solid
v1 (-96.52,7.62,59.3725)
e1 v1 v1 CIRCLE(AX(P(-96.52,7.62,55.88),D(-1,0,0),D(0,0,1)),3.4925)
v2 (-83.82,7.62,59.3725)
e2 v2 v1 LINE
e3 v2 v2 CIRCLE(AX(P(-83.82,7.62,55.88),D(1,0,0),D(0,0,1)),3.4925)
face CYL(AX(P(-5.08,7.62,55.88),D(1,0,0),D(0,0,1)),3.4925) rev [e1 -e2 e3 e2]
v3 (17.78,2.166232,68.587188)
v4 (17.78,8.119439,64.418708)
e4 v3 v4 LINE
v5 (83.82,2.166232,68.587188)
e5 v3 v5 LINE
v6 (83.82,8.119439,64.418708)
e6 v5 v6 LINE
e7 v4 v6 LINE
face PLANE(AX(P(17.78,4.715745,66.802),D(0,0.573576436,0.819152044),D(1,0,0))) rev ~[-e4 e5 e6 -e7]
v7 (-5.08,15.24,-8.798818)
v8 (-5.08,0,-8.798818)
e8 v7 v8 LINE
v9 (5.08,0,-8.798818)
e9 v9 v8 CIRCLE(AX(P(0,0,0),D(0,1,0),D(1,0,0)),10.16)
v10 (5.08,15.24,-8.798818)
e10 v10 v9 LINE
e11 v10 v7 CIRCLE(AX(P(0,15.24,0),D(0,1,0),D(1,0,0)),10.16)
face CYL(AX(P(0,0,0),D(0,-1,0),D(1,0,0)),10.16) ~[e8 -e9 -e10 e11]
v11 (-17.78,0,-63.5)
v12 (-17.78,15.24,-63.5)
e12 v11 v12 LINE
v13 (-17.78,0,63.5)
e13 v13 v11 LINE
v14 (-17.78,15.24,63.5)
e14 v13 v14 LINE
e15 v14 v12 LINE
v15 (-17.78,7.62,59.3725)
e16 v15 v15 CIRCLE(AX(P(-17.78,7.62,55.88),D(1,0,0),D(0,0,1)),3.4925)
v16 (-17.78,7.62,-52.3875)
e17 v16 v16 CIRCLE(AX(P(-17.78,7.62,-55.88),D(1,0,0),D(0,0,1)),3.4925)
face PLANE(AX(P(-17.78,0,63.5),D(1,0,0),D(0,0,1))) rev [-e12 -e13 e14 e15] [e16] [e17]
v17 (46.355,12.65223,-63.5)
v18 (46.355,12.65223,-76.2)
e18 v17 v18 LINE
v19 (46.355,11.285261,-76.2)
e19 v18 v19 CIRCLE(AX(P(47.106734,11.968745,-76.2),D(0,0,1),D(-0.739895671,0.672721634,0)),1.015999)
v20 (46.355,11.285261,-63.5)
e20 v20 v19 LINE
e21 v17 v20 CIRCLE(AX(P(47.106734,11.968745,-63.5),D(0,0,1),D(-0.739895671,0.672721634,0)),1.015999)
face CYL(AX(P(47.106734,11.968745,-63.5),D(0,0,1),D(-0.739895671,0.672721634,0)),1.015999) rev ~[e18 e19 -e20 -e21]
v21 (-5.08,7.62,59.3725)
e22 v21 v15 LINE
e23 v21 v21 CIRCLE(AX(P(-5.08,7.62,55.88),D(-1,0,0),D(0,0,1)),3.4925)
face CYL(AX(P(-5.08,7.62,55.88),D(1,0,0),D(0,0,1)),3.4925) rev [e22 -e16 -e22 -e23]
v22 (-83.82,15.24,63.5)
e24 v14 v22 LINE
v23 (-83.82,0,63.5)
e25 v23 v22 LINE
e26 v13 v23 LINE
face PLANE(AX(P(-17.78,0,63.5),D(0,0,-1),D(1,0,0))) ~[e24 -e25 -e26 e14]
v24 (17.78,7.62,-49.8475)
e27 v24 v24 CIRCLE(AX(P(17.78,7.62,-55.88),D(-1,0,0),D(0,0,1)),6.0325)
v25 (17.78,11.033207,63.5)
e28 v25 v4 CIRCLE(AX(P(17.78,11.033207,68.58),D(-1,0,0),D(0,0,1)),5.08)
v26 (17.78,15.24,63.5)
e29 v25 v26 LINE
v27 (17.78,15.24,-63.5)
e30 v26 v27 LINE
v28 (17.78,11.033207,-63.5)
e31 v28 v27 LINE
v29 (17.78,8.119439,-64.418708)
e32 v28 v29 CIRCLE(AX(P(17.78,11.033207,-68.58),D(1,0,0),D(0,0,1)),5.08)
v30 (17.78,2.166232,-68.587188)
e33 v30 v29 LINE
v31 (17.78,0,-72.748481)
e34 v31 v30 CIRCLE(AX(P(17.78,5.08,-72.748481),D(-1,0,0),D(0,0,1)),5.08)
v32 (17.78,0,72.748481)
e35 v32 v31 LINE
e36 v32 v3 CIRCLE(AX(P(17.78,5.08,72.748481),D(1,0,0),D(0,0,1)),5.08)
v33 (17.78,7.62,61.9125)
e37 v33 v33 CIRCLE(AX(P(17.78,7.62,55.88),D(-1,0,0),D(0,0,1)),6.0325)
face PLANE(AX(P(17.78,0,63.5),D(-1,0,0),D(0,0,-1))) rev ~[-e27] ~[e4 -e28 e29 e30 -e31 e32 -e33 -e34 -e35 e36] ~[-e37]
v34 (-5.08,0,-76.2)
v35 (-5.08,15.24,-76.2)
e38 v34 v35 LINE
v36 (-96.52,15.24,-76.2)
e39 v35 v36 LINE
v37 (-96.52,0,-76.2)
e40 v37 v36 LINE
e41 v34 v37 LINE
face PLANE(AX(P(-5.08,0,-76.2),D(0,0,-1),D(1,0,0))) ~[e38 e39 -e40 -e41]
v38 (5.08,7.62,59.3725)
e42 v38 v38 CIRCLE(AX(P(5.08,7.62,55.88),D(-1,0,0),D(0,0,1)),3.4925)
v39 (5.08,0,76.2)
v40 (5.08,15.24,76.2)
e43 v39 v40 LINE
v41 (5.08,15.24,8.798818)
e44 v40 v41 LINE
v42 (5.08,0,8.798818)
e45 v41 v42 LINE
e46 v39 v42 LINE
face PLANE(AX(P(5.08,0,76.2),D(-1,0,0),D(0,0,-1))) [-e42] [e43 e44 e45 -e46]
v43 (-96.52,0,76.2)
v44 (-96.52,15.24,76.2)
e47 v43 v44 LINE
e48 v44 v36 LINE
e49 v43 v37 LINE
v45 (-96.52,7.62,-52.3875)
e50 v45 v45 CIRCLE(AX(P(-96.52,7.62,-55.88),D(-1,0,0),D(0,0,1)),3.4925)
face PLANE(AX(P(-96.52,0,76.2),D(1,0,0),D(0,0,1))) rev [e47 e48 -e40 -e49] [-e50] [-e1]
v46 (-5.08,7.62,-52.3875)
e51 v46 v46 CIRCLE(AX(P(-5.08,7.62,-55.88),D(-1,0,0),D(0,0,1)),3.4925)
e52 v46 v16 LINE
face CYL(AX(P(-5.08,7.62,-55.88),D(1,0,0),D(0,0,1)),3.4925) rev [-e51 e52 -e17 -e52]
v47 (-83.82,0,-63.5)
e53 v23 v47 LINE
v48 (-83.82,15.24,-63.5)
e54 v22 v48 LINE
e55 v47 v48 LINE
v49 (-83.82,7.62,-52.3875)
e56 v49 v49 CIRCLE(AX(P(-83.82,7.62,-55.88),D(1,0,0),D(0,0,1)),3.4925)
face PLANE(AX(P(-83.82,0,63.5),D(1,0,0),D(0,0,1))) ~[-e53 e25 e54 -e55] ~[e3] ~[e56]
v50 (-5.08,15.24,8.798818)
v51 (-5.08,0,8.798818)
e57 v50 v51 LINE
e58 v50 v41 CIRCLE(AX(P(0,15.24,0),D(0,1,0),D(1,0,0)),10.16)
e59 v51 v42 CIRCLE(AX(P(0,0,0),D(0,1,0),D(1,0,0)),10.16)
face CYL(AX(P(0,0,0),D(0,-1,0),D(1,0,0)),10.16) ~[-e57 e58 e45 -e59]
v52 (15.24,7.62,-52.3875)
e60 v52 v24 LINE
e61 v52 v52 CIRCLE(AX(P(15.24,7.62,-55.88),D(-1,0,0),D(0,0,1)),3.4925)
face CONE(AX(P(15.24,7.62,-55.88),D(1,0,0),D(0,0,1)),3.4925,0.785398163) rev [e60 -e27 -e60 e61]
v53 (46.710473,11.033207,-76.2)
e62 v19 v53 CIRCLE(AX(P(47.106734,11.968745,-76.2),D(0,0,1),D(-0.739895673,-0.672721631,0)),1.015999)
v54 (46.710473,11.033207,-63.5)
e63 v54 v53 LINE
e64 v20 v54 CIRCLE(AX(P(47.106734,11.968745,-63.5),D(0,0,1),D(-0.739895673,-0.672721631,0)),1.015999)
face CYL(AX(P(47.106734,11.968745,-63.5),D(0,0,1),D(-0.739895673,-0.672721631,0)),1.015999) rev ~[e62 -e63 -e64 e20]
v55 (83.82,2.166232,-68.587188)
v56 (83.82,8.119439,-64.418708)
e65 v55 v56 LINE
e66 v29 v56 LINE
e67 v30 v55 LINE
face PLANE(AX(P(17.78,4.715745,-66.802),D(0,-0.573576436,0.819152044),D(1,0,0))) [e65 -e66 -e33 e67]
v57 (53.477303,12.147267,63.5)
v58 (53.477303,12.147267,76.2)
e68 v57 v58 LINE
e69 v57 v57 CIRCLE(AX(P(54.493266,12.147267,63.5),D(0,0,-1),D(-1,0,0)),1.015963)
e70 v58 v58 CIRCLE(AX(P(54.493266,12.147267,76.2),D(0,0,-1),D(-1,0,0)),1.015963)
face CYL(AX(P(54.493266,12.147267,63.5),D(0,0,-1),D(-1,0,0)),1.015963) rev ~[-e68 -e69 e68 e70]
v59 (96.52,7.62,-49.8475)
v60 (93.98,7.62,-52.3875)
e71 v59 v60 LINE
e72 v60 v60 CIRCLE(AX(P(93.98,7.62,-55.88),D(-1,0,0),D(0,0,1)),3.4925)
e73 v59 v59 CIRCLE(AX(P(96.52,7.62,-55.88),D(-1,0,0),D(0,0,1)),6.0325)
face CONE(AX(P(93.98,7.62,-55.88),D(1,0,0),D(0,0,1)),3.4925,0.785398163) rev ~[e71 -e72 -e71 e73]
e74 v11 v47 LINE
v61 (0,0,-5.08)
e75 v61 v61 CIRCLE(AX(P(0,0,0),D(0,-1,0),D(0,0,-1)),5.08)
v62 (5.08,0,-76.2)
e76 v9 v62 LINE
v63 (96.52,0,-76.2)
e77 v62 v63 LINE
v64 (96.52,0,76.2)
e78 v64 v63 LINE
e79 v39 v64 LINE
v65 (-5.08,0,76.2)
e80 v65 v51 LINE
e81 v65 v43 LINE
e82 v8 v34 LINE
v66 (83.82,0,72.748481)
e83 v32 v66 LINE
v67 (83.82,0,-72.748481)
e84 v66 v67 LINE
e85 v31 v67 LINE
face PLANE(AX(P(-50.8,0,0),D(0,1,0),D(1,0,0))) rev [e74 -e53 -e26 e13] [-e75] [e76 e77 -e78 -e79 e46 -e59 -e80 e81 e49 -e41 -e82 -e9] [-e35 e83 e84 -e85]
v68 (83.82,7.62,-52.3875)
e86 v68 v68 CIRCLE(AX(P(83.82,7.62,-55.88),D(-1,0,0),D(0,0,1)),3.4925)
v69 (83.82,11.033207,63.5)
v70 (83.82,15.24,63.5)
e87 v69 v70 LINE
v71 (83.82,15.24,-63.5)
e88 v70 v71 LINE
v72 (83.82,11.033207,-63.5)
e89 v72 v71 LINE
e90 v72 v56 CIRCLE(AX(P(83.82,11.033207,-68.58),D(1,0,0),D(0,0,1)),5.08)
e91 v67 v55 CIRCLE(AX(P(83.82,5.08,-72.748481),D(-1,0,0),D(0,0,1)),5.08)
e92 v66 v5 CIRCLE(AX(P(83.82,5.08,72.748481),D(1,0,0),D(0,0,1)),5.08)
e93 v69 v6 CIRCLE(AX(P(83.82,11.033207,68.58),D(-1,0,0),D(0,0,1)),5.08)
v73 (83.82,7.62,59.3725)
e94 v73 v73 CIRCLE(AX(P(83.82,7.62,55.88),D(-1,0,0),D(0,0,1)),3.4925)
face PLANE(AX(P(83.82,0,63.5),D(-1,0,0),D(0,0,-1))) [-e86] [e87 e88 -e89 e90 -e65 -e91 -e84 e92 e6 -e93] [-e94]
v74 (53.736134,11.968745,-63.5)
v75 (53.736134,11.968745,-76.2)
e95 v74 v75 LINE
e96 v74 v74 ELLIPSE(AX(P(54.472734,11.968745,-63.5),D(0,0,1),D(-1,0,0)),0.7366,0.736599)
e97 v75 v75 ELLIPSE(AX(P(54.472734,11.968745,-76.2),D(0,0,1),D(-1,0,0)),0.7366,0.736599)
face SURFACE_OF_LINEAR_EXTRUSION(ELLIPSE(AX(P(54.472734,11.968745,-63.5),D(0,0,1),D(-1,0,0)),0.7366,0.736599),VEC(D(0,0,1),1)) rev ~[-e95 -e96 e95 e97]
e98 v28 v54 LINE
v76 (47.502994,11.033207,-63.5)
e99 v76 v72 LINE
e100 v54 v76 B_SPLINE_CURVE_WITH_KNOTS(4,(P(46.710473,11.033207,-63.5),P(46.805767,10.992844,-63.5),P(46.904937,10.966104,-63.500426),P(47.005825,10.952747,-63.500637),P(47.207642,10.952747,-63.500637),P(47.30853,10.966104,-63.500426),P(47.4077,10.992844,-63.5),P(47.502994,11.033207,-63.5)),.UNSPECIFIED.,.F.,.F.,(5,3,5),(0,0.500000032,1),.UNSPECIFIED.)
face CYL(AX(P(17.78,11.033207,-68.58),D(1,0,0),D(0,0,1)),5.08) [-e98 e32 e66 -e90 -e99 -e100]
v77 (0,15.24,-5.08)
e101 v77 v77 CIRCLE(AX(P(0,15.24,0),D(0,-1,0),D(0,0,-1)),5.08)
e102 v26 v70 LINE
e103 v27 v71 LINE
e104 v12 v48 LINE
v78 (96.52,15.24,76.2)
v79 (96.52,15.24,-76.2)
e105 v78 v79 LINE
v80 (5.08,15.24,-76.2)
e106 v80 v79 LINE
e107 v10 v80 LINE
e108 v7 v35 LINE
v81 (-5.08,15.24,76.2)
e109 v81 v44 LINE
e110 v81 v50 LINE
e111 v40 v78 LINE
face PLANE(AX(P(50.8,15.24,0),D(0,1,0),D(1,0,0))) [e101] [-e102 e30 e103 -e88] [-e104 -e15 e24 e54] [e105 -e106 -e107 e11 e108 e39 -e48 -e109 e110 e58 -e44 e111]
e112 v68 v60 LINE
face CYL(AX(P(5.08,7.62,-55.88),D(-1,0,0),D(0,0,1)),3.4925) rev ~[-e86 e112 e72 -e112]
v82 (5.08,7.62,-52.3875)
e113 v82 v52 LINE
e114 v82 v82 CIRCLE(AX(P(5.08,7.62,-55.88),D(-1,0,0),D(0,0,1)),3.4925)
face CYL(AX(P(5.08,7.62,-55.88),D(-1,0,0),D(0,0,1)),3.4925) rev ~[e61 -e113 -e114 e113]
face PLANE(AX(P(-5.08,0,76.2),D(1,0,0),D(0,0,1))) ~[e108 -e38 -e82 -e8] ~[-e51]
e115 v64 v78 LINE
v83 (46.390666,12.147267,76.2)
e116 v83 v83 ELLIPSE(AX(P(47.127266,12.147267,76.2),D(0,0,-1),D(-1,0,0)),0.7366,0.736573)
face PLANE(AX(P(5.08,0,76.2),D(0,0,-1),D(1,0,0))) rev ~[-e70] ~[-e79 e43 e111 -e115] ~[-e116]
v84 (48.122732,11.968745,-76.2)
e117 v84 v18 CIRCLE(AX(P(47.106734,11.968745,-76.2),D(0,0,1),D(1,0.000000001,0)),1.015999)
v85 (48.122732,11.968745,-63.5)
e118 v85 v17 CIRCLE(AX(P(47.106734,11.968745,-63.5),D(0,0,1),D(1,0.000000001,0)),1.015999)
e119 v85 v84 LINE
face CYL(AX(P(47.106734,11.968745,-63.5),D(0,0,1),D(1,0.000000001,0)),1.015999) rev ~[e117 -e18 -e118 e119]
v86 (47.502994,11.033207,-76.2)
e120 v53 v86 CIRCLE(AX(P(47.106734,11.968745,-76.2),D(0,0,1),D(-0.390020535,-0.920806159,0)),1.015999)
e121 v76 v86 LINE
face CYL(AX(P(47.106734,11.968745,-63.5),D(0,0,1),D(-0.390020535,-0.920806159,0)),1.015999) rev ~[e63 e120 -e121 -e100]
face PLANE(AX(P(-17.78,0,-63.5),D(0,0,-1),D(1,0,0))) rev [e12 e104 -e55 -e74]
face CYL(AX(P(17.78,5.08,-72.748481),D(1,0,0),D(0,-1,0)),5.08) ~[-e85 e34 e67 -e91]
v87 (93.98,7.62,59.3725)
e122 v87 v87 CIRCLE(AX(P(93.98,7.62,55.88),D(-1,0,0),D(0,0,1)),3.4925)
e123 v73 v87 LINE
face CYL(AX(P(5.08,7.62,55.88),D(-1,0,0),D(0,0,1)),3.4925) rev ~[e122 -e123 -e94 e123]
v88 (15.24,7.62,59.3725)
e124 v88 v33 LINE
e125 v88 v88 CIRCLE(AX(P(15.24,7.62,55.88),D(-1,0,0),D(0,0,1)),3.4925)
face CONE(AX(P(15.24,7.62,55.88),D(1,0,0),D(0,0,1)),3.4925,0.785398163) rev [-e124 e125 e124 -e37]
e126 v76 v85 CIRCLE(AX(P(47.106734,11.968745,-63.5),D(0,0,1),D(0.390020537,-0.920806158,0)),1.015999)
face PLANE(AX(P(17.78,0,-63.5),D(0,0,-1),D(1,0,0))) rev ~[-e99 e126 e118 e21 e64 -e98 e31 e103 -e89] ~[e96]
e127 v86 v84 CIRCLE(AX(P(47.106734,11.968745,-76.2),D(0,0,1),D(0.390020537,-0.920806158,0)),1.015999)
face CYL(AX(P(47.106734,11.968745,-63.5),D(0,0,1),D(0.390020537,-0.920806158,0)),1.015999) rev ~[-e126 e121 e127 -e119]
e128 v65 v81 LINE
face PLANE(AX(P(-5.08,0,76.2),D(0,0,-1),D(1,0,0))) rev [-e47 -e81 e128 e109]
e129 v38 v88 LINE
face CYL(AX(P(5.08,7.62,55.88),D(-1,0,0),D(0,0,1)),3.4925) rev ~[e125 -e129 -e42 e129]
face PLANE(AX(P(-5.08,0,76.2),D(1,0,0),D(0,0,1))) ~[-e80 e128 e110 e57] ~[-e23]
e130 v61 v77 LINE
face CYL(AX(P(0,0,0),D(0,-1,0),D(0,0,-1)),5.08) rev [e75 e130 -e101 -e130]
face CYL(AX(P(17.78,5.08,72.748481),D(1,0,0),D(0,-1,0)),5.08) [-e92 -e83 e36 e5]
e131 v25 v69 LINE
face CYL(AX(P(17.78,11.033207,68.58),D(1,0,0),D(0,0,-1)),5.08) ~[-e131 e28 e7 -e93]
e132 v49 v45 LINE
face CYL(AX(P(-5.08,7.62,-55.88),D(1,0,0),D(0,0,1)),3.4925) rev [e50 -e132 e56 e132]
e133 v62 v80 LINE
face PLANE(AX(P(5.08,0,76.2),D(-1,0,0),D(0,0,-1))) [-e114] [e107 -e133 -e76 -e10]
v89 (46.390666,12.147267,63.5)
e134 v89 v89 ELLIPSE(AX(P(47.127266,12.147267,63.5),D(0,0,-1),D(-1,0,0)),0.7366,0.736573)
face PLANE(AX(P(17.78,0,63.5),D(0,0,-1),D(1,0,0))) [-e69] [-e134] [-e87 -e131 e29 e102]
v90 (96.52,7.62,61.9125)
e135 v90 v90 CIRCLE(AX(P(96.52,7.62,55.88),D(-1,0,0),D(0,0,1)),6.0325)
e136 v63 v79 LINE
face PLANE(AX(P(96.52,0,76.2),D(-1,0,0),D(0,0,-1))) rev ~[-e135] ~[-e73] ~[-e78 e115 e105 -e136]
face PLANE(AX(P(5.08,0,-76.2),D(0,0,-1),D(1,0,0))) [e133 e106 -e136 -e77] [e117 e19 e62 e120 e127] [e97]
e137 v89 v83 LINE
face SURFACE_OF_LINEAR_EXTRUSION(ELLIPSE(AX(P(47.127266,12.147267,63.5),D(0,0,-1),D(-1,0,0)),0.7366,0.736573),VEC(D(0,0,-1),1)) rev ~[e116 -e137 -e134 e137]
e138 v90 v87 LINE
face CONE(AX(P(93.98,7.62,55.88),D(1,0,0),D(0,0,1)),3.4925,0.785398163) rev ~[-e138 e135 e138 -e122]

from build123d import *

# Parameters (mm, degrees)
SKETCH3_R           = 10.16
SKETCH3_R_2         = 5.08
SKETCH3_W           = 91.44
SKETCH3_H           = 152.4
SKETCH3_W_2         = 66.04
SKETCH3_H_2         = 127
BOSS_EXTRUDE1_DEPTH = 15.24
CUT_EXTRUDE1_REACH  = 122
SKETCH4_R           = 3.4925
CHAMFER1_SIZE       = 6.604
CHAMFER1_SIZE2      = 9.431489437
CHAMFER2_SIZE       = 2.54
FILLET1_R           = 5.08
SKETCH5_RX          = 0.7366
SKETCH5_RY          = 0.736599138
CUT_EXTRUDE2_DEPTH  = 12.7
SKETCH6_R           = 1.015962928
SKETCH6_RX          = 0.7366
SKETCH6_RY          = 0.736573123
CUT_EXTRUDE3_DEPTH  = 12.7


with BuildPart() as part:
    # Sketch3 → Boss-Extrude1 (new body)
    # profile 1 of 2: a face of its own
    with BuildSketch(Plane(origin=(0, 0, 0), x_dir=(1, 0, 0), z_dir=(0, 1, 0))):
        Circle(SKETCH3_R)
        with Locations(Location((0, 0, 0), (0, 0, 90))):
            Circle(SKETCH3_R_2, mode=Mode.SUBTRACT)
    # profile 2 of 2: a face of its own
    with BuildSketch(Plane(origin=(0, 0, 0), x_dir=(1, 0, 0), z_dir=(0, 1, 0))):
        with Locations((50.8, 0)):
            Rectangle(SKETCH3_W, SKETCH3_H)
        with Locations((50.8, 0)):
            Rectangle(SKETCH3_W_2, SKETCH3_H_2, mode=Mode.SUBTRACT)
    boss_extrude1 = extrude(amount=BOSS_EXTRUDE1_DEPTH)

    # Cut-Extrude1: up to this face of the body (flat: up to its plane)
    cut_extrude1_end = Plane(part.part.faces().sort_by_distance((96.52, 7.62, 0))[0])
    # Sketch4 → Cut-Extrude1 (cut, up to the picked face)
    with BuildSketch(Plane.ZY.offset(-5.08), mode=Mode.PRIVATE) as cut_extrude1_sk1:
        with Locations((-55.88, 7.62)):
            Circle(SKETCH4_R)
    cut_extrude1_tool1 = split(extrude(cut_extrude1_sk1.sketch, amount=-CUT_EXTRUDE1_REACH, mode=Mode.PRIVATE), bisect_by=cut_extrude1_end, keep=Keep.BOTH, mode=Mode.PRIVATE)
    # Sketch4 → Cut-Extrude1 (cut, up to the picked face)
    with BuildSketch(Plane.ZY.offset(-5.08), mode=Mode.PRIVATE) as cut_extrude1_sk2:
        with Locations((55.88, 7.62)):
            Circle(SKETCH4_R)
    cut_extrude1_tool2 = split(extrude(cut_extrude1_sk2.sketch, amount=-CUT_EXTRUDE1_REACH, mode=Mode.PRIVATE), bisect_by=cut_extrude1_end, keep=Keep.BOTH, mode=Mode.PRIVATE)
    cut_extrude1_1 = cut_extrude1_tool1.solids().sort_by(Axis((5.08, 7.62, -55.88), (1, 0, 0)))[0]
    add(cut_extrude1_1, mode=Mode.SUBTRACT)
    cut_extrude1_2 = cut_extrude1_tool2.solids().sort_by(Axis((5.08, 7.62, 55.88), (1, 0, 0)))[0]
    add(cut_extrude1_2, mode=Mode.SUBTRACT)
    cut_extrude1 = cut_extrude1_1 + cut_extrude1_2  # Cut-Extrude1 as one shape, for the pattern or mirror that repeats it

    # Chamfer1
    chamfer1_edges = [part.edges().sort_by_distance(p)[0] for p in [
        (50.8, 0, -63.5),
        (50.8, 0, 63.5),
    ]]
    chamfer1_side = [part.faces().sort_by_distance(p)[0] for p in [
        (94.659720924, 0, 0),
    ]]
    chamfer(chamfer1_edges, length=CHAMFER1_SIZE, length2=CHAMFER1_SIZE2, reference=chamfer1_side[0])

    # Chamfer2
    chamfer2_edges = [part.edges().sort_by_distance(p)[0] for p in [
        (96.52, 7.62, -59.3725),
        (17.78, 7.62, -59.3725),
        (96.52, 7.62, 52.3875),
        (17.78, 7.62, 52.3875),
    ]]
    chamfer(chamfer2_edges, length=CHAMFER2_SIZE)

    # Fillet1
    fillet1_edges = [part.edges().sort_by_distance(p)[0] for p in [
        (50.8, 9.431489437, 63.5),
        (50.8, 0, -70.104),
        (50.8, 0, 70.104),
        (50.8, 9.431489437, -63.5),
    ]]
    fillet(fillet1_edges, radius=FILLET1_R)

    # Sketch5 → Cut-Extrude2 (cut)
    with BuildSketch(Plane.XY.offset(-63.5)):
        with BuildLine():
            ThreePointArc((47.502994006, 11.033207367), (47.953744135, 11.407651091), (48.122732414, 11.968745328))
            ThreePointArc((48.122732414, 11.968745328), (47.473130673, 12.916377519), (46.355000482, 12.652229708))
            ThreePointArc((46.355000482, 12.652229708), (46.090734793, 11.968745328), (46.355000482, 11.285260949))
            ThreePointArc((46.355000482, 11.285260949), (46.519064449, 11.139951899), (46.710473201, 11.033207367))
            Line((46.710473165, 11.033207284), (47.502994041, 11.033207284))
        make_face()
        with BuildLine():
            ThreePointArc((46.710473201, 11.033207367), (47.106733603, 10.952746518), (47.502994006, 11.033207367))
            Line((47.502994041, 11.033207284), (46.710473165, 11.033207284))
        make_face()
        with Locations(Location((54.472733603, 11.968745328), (0, 0, -180))):
            Ellipse(SKETCH5_RX, SKETCH5_RY)
    extrude(amount=-CUT_EXTRUDE2_DEPTH, mode=Mode.SUBTRACT)

    # Sketch6 → Cut-Extrude3 (cut)
    with BuildSketch(Plane(origin=(0, 0, 63.5), x_dir=(-1, 0, 0), z_dir=(0, 0, -1))):
        with Locations((-54.493266397, 12.147267432)):
            Circle(SKETCH6_R)
        with Locations(Location((-47.127266397, 12.147267432), (0, 0, 0))):
            Ellipse(SKETCH6_RX, SKETCH6_RY)
    extrude(amount=-CUT_EXTRUDE3_DEPTH, mode=Mode.SUBTRACT)

    # Mirror1: Boss-Extrude1, Cut-Extrude1 across plane
    add(boss_extrude1.mirror(Plane(origin=(0, 0, 0), x_dir=(0, 0, 1), z_dir=(1, 0, 0))))
    add(cut_extrude1.mirror(Plane(origin=(0, 0, 0), x_dir=(0, 0, 1), z_dir=(1, 0, 0))), mode=Mode.SUBTRACT)


solid = part.part
